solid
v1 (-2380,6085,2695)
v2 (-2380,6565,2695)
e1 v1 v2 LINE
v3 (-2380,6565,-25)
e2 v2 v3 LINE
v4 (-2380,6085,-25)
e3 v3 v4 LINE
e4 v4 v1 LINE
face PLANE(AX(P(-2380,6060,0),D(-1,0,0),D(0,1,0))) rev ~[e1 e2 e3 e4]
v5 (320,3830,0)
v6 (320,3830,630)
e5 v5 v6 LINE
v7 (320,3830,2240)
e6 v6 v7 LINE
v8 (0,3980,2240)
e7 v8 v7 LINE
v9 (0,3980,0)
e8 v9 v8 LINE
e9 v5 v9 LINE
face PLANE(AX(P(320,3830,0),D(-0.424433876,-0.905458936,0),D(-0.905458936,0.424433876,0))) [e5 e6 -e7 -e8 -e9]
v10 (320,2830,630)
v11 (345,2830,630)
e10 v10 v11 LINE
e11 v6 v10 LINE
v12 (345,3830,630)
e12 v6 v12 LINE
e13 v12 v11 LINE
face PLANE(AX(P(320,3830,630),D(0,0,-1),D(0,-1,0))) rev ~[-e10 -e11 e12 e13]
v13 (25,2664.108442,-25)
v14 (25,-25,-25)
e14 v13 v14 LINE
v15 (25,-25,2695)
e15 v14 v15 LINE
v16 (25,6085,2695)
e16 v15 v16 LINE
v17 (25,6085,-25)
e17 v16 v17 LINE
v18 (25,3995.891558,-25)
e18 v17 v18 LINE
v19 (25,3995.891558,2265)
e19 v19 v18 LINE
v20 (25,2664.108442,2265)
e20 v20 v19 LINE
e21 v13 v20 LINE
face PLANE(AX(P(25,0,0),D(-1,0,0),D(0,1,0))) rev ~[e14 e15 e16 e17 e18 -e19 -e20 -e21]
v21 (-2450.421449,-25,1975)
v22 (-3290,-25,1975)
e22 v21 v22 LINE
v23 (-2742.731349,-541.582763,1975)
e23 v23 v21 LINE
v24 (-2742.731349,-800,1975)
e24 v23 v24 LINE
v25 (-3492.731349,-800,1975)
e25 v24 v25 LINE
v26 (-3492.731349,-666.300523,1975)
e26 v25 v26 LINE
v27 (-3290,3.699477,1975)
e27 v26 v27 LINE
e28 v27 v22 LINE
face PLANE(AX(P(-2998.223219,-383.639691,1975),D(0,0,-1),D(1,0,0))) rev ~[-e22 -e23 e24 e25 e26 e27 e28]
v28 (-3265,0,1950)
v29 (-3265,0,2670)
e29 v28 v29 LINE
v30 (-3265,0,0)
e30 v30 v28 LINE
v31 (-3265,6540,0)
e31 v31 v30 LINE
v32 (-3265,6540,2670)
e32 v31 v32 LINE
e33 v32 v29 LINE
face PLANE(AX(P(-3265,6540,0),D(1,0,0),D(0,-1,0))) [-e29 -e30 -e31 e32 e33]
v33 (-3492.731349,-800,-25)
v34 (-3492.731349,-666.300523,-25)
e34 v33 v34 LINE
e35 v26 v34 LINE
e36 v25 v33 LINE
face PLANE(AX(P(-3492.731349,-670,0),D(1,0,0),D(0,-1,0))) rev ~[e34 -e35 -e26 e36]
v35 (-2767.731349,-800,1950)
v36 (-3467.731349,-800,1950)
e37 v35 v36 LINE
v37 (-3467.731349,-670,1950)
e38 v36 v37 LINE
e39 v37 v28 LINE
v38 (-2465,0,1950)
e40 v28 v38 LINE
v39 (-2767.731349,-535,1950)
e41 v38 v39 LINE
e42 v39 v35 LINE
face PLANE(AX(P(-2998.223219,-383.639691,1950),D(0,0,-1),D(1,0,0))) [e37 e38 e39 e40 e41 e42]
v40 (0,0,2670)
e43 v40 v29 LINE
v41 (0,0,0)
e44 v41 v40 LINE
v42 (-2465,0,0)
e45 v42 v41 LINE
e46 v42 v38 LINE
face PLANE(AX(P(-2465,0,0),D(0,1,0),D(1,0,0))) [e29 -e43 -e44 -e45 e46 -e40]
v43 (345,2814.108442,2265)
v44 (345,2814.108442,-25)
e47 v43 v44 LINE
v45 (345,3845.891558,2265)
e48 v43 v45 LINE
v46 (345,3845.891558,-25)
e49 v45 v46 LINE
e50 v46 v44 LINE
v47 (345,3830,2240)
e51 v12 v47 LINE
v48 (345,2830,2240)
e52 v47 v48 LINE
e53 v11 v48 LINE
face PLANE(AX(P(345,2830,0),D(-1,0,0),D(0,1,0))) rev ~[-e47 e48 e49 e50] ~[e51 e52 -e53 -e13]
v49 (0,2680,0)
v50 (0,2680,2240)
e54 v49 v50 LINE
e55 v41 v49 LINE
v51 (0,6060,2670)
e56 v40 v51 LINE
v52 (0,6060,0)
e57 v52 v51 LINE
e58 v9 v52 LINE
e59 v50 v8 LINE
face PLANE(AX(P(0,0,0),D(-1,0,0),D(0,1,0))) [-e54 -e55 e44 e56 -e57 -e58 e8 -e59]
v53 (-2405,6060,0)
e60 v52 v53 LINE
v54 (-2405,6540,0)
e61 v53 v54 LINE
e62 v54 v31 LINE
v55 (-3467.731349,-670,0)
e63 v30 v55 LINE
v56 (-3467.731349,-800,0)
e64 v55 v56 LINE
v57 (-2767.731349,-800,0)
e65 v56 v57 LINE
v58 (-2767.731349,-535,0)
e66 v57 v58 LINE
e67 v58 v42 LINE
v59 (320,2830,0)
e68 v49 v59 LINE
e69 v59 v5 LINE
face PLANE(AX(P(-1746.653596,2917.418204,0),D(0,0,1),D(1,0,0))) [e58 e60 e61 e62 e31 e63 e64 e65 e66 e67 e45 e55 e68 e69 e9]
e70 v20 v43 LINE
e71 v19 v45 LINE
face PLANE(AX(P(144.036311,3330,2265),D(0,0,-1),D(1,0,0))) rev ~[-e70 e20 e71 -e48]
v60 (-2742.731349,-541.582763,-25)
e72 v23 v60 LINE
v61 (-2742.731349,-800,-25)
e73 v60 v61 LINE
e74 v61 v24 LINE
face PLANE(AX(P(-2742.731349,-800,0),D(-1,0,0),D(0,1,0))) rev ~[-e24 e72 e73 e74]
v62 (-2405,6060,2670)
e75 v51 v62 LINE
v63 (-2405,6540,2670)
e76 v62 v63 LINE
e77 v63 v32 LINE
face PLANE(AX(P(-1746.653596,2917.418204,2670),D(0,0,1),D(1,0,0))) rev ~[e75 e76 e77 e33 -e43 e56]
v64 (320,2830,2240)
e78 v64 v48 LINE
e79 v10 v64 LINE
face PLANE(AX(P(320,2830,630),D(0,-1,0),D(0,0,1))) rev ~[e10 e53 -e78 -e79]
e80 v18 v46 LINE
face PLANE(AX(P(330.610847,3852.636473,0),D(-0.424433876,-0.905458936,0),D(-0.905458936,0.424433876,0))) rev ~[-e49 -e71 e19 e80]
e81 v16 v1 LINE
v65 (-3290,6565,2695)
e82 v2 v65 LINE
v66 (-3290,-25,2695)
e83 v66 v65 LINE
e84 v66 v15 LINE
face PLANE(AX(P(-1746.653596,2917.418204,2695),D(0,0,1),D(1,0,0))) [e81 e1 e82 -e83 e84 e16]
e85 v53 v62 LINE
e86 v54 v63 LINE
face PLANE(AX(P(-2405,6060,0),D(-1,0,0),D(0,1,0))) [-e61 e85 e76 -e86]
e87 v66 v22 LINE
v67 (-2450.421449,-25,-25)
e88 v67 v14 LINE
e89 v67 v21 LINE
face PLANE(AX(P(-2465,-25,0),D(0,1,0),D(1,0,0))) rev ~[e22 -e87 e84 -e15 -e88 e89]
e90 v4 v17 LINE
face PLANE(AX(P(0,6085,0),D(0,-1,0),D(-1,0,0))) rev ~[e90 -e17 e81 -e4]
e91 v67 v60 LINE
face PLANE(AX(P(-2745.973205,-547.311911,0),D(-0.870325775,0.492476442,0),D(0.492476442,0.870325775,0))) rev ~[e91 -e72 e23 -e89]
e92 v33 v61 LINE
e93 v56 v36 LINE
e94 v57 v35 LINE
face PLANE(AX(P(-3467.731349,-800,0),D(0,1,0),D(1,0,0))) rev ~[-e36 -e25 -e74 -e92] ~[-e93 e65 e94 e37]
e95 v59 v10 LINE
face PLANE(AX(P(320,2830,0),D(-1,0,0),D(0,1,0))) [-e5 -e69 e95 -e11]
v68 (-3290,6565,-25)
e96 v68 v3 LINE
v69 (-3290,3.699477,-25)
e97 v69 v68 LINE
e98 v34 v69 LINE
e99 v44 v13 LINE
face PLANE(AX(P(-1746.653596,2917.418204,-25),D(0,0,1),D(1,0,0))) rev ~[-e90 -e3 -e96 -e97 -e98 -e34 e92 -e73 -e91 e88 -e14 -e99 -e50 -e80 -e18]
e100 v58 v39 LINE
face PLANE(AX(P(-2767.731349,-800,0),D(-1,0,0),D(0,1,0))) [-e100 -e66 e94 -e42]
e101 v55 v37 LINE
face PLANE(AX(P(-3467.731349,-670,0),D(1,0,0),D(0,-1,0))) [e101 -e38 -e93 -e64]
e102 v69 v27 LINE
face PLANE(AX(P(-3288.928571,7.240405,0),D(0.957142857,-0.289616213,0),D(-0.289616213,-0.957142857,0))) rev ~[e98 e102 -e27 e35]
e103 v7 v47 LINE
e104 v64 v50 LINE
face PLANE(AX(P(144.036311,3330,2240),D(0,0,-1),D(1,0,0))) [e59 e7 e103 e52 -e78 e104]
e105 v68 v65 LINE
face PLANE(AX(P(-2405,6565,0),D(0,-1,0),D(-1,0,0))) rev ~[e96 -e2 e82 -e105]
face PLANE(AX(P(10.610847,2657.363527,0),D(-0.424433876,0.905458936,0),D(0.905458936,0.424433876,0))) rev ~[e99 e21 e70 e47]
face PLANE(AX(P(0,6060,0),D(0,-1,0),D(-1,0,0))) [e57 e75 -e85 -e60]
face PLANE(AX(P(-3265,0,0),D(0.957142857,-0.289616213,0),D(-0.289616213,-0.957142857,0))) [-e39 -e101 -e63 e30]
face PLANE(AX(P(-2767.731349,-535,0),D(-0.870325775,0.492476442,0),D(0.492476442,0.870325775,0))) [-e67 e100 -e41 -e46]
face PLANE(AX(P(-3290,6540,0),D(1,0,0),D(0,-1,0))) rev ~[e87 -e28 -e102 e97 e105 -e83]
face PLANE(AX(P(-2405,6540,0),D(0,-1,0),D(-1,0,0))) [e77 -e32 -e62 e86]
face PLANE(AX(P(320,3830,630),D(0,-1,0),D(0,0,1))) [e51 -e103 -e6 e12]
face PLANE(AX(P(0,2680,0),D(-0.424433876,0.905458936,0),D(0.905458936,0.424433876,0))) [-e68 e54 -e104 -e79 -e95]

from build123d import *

# Parameters (mm, degrees)
F1_DEPTH  = 2670
F4_DEPTH  = 720
F7_DEPTH  = 430
F8_T      = 25
F9_W      = 1000
F9_H      = 1610
F10_DEPTH = 25


with BuildPart() as f1:
    # F0 (on Top) → F1 (new body)
    with BuildSketch(Plane.XY):
        Polygon((-2465, 0), (0, 0), (0, 2680), (320, 2830), (320, 3830), (0, 3980), (0, 6060), (-2405, 6060), (-2405, 6540), (-3265, 6540), (-3265, 0), (-3467.7313493271, -670), (-3467.7313493271, -800), (-2767.7313493271, -800), (-2767.7313493271, -535), align=None)
    extrude(amount=F1_DEPTH)

    # F3 (on offset) → F4 (cut, through all)
    with BuildSketch(Plane(origin=(0, 0, 1950), x_dir=(1, 0, 0), z_dir=(0, 0, -1))):
        Polygon((-3467.7313493271, 670), (-3265, 0), (-2465, 0), (-2767.7313493271, 535), (-2767.7313493271, 800), (-3467.7313493271, 800), align=None)
    extrude(amount=-F4_DEPTH, mode=Mode.SUBTRACT)

    # F6 (on offset) → F7 (cut, through all)
    with BuildSketch(Plane(origin=(0, 0, 2240), x_dir=(1, 0, 0), z_dir=(0, 0, -1))):
        Polygon((320, -3830), (320, -2830), (0, -2680), (0, -3980), align=None)
    extrude(amount=-F7_DEPTH, mode=Mode.SUBTRACT)

    # F8
    f8_openings = [f1.faces().sort_by_distance(p)[0] for p in [
        (-3117.731349, -800, 975),
    ]]
    offset(amount=F8_T, openings=f8_openings, kind=Kind.INTERSECTION)

    # F9 (on face) → F10 (cut, through all)
    with BuildSketch(Plane(origin=(320, 0, 0), x_dir=(0, -1, 0), z_dir=(-1, 0, 0))):
        with Locations((-3330, 1435)):
            Rectangle(F9_W, F9_H)
    extrude(amount=-F10_DEPTH, mode=Mode.SUBTRACT)


solid = f1.part
